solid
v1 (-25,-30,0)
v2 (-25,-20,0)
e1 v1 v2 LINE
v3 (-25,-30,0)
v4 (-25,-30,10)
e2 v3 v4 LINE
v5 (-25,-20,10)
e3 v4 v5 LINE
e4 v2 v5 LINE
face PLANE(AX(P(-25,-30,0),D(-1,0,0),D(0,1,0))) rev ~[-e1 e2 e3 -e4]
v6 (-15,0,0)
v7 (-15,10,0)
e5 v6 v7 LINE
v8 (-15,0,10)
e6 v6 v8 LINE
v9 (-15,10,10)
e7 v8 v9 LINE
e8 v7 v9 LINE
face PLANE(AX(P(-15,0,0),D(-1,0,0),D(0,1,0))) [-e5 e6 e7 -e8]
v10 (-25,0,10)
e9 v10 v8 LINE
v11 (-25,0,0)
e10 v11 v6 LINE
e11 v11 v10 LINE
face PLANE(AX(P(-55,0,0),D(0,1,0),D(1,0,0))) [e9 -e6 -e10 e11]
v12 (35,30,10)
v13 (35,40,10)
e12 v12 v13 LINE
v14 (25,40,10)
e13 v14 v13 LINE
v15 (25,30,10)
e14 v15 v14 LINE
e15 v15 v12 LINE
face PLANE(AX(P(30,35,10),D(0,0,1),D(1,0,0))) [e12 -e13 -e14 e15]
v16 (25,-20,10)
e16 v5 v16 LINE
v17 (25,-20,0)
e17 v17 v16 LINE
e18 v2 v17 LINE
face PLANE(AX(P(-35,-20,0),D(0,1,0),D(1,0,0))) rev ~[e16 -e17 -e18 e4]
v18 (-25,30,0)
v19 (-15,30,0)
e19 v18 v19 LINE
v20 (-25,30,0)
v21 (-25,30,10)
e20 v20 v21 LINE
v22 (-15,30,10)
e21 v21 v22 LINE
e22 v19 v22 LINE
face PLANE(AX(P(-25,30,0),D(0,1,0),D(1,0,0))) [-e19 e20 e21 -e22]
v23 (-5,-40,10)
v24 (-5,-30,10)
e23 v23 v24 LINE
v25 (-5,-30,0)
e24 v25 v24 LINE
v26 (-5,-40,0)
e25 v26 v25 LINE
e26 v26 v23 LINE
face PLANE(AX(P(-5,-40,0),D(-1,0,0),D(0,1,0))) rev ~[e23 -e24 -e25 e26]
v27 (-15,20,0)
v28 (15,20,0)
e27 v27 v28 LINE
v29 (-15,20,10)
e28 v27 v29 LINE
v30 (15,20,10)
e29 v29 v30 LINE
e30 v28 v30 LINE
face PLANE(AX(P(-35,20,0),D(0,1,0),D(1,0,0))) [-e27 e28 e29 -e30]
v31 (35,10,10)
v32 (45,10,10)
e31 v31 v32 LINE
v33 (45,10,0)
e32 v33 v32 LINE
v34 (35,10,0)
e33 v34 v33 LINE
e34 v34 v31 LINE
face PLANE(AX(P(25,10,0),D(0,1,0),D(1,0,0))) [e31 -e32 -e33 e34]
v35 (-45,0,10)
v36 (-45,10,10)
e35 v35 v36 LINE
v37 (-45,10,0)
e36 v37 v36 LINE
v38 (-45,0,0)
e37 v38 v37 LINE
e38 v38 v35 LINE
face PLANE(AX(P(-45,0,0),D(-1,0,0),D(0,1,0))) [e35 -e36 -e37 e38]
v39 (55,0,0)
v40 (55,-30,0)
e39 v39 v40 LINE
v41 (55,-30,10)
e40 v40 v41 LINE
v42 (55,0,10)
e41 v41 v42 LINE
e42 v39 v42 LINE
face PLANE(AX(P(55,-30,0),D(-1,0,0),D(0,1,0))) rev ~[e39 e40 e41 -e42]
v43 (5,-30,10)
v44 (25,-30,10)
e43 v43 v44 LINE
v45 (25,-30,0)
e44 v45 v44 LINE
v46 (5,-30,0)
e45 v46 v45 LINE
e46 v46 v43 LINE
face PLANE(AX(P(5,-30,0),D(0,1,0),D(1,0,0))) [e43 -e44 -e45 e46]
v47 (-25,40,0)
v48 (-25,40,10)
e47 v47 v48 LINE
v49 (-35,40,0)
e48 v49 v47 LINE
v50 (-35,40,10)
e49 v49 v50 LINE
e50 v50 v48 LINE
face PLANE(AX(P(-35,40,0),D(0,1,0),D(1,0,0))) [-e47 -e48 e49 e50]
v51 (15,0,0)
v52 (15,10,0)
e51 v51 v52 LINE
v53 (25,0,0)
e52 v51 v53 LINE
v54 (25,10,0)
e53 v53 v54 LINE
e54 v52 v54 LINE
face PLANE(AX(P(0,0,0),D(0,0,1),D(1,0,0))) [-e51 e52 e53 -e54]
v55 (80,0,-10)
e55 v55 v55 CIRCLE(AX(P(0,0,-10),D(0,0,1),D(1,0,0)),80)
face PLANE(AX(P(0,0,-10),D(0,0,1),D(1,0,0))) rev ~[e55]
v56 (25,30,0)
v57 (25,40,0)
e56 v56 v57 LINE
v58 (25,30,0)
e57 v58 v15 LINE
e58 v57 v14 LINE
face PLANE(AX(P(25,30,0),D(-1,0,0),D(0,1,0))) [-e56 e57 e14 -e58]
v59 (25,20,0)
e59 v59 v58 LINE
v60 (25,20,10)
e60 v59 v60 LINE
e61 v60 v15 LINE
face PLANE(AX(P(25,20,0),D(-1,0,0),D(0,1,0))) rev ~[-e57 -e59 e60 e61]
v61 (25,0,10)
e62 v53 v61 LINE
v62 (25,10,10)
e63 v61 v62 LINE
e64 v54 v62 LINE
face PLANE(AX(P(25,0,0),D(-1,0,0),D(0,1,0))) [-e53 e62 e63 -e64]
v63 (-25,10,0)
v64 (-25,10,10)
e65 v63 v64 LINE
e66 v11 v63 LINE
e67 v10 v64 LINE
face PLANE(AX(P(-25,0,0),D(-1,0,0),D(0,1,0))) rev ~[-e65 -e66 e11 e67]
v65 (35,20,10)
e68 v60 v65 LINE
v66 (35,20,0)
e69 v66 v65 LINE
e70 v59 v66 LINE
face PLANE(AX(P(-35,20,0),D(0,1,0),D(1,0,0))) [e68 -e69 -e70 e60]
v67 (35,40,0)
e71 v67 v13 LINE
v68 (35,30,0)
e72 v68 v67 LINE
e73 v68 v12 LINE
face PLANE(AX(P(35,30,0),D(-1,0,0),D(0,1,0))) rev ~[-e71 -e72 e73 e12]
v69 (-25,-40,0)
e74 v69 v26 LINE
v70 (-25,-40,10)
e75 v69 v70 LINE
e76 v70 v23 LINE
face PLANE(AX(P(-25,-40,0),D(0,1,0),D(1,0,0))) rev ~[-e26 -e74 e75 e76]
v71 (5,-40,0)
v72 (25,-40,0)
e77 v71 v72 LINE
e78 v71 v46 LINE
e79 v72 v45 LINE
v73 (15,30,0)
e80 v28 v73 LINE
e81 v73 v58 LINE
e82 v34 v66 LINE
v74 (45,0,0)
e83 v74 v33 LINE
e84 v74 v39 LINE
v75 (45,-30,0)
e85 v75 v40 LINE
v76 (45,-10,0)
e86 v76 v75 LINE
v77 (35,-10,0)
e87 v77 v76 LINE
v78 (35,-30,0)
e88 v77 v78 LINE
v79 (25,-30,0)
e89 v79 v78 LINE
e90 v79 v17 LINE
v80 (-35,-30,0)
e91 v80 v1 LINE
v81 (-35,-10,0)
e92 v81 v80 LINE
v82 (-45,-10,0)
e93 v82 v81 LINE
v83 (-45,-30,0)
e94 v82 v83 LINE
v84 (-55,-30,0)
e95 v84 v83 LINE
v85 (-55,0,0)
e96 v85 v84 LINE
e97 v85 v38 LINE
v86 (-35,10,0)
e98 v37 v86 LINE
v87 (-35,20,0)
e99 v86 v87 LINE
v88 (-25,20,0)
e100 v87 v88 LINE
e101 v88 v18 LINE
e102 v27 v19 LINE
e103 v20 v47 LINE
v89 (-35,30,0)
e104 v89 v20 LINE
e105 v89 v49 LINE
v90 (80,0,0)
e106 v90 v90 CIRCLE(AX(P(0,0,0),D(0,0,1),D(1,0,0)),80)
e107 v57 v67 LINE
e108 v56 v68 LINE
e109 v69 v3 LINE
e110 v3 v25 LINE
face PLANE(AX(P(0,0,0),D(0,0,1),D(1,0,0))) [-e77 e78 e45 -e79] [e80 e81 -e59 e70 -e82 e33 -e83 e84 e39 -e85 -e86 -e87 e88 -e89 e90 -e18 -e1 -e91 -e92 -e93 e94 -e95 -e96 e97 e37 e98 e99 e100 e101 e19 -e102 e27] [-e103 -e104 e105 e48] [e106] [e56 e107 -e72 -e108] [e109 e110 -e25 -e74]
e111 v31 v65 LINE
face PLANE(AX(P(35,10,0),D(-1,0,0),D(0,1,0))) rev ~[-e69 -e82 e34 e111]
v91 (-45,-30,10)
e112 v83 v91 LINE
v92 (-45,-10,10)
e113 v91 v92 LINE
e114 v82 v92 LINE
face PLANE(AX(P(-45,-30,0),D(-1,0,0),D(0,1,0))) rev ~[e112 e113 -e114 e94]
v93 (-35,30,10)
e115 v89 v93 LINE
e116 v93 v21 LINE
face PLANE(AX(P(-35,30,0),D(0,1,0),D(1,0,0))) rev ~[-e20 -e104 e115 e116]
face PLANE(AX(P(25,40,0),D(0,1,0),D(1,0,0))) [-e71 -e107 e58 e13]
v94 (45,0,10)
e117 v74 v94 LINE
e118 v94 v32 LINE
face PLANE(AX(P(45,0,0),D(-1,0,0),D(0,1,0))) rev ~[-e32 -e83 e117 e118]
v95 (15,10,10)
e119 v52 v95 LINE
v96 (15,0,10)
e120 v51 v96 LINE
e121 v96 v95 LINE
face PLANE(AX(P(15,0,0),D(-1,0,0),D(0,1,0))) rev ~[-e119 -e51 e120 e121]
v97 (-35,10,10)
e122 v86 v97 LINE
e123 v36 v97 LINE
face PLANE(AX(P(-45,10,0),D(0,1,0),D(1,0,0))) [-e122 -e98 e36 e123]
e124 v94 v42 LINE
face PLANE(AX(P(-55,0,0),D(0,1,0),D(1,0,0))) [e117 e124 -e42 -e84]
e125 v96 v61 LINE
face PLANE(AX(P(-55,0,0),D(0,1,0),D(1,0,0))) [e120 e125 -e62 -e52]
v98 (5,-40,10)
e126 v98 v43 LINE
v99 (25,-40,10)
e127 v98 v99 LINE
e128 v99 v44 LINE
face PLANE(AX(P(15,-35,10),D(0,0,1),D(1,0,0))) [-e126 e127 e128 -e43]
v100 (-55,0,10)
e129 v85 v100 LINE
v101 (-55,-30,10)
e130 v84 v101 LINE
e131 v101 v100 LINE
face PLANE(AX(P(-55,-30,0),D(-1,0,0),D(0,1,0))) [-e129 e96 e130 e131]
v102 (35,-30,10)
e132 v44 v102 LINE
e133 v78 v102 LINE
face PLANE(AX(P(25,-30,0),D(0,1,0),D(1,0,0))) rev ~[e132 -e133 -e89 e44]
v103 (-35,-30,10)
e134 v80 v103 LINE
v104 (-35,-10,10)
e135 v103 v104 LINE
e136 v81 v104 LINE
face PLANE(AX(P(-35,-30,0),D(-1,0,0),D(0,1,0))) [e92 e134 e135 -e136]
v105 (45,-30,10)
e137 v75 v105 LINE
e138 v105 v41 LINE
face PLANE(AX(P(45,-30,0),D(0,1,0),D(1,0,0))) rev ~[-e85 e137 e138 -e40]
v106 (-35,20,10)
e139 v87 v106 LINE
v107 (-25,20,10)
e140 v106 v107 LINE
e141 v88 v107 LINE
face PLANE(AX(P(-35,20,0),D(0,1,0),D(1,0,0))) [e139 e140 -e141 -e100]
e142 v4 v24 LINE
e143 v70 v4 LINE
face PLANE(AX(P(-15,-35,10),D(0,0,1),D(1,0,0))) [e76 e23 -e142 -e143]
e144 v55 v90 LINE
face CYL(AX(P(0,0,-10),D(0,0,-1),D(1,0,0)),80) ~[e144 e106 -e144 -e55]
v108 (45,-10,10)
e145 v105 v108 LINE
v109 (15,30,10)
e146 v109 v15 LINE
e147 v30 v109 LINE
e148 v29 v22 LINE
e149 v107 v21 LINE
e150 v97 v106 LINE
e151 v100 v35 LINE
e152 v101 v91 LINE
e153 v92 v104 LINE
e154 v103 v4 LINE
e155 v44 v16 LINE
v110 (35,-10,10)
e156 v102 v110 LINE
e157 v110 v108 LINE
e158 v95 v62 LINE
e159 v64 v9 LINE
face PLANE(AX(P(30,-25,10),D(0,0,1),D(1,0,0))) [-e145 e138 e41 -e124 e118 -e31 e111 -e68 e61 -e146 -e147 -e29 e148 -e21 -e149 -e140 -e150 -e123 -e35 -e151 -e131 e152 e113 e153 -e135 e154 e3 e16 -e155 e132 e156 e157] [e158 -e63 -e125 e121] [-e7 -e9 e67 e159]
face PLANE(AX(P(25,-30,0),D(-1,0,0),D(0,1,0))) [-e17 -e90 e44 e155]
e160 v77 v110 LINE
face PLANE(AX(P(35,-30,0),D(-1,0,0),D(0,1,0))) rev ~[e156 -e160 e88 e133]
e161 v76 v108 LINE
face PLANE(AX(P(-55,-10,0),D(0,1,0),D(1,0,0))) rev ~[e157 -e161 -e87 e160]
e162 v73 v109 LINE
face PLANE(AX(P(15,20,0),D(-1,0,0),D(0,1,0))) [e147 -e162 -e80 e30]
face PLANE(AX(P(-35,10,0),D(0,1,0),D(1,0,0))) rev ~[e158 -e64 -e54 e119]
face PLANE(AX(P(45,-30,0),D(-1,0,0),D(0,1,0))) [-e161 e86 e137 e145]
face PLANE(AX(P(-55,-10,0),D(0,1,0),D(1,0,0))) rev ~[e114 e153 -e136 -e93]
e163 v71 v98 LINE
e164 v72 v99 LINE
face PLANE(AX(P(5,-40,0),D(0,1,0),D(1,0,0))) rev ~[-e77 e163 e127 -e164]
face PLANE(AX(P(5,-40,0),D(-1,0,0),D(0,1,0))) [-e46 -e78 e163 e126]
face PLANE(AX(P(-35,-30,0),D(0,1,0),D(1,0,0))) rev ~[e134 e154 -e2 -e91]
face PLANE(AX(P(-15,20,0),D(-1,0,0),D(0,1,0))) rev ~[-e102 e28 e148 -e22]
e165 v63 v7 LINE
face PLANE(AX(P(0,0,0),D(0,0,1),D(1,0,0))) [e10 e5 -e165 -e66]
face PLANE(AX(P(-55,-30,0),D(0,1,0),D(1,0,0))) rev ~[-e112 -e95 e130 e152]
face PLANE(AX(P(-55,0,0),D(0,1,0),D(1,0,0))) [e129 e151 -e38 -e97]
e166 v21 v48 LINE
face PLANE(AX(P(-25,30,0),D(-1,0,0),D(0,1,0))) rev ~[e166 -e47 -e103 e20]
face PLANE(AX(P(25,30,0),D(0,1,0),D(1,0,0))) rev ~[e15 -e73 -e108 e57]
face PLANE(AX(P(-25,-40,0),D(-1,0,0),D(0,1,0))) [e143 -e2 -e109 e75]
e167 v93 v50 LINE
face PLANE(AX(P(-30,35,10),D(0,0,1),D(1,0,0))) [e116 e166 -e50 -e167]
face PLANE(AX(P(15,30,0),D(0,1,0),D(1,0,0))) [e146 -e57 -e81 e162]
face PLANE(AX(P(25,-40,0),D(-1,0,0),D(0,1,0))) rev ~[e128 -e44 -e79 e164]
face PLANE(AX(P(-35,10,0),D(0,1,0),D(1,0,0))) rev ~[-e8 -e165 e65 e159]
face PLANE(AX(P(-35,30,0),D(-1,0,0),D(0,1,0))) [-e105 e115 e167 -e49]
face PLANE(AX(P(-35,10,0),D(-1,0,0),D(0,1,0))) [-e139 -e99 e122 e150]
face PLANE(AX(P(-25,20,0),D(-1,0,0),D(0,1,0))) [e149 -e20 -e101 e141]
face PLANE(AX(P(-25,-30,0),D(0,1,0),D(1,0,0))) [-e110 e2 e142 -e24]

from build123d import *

# Parameters (mm, degrees)
CYLINDER_R     = 80
CYLINDER_DEPTH = 10
BOX005_W       = 10
BOX005_H       = 10
BOX005_DEPTH   = 10
BOX003_W       = 20
BOX003_H       = 10
BOX003_DEPTH   = 10
BOX010_W       = 70
BOX010_H       = 10
BOX010_DEPTH   = 10
BOX017_W       = 20
BOX017_H       = 10
BOX017_DEPTH   = 10
BOX001_W       = 10
BOX001_H       = 10
BOX001_DEPTH   = 10
BOX008_W       = 110
BOX008_H       = 10
BOX008_DEPTH   = 10
BOX009_W       = 10
BOX009_H       = 10
BOX009_DEPTH   = 10
BOX011_W       = 10
BOX011_H       = 10
BOX011_DEPTH   = 10
BOX016_W       = 20
BOX016_H       = 10
BOX016_DEPTH   = 10
BOX006_W       = 30
BOX006_H       = 10
BOX006_DEPTH   = 10
BOX013_W       = 10
BOX013_H       = 10
BOX013_DEPTH   = 10
BOX015_W       = 10
BOX015_H       = 10
BOX015_DEPTH   = 10
BOX007_W       = 20
BOX007_H       = 10
BOX007_DEPTH   = 10
BOX012_W       = 10
BOX012_H       = 10
BOX012_DEPTH   = 10
BOX002_W       = 70
BOX002_H       = 10
BOX002_DEPTH   = 10
BOX014_W       = 10
BOX014_H       = 10
BOX014_DEPTH   = 10
BOX004_W       = 10
BOX004_H       = 10
BOX004_DEPTH   = 10
BOX_W          = 10
BOX_H          = 10
BOX_DEPTH      = 10


with BuildPart() as cilindro:
    # Cylinder → Cylinder (new body)
    with BuildSketch(Plane.XY.offset(-10)):
        Circle(CYLINDER_R)
    extrude(amount=CYLINDER_DEPTH)


with BuildPart() as cubo005:
    # Box005 → Box005 (new body)
    with BuildSketch(Plane(origin=(50, -10, 0), x_dir=(1, 0, 0), z_dir=(0, 0, 1))):
        with Locations((5, 5)):
            Rectangle(BOX005_W, BOX005_H)
    extrude(amount=BOX005_DEPTH)


with BuildPart() as cubo003:
    # Box003 → Box003 (new body)
    with BuildSketch(Plane(origin=(-10, -30, 0), x_dir=(1, 0, 0), z_dir=(0, 0, 1))):
        with Locations((10, 5)):
            Rectangle(BOX003_W, BOX003_H)
    extrude(amount=BOX003_DEPTH)


with BuildPart() as cubo010:
    # Box010 → Box010 (new body)
    with BuildSketch(Plane(origin=(0, -50, 0), x_dir=(1, 0, 0), z_dir=(0, 0, 1))):
        with Locations((35, 5)):
            Rectangle(BOX010_W, BOX010_H)
    extrude(amount=BOX010_DEPTH)


with BuildPart() as cubo017:
    # Box017 → Box017 (new body)
    with BuildSketch(Plane(origin=(40, -70, 0), x_dir=(1, 0, 0), z_dir=(0, 0, 1))):
        with Locations((10, 5)):
            Rectangle(BOX017_W, BOX017_H)
    extrude(amount=BOX017_DEPTH)


with BuildPart() as cubo001:
    # Box001 → Box001 (new body)
    with BuildSketch(Plane(origin=(10, -10, 0), x_dir=(1, 0, 0), z_dir=(0, 0, 1))):
        with Locations((5, 5)):
            Rectangle(BOX001_W, BOX001_H)
    extrude(amount=BOX001_DEPTH)


with BuildPart() as cubo008:
    # Box008 → Box008 (new body)
    with BuildSketch(Plane(origin=(-20, -40, 0), x_dir=(1, 0, 0), z_dir=(0, 0, 1))):
        with Locations((55, 5)):
            Rectangle(BOX008_W, BOX008_H)
    extrude(amount=BOX008_DEPTH)


with BuildPart() as cubo009:
    # Box009 → Box009 (new body)
    with BuildSketch(Plane(origin=(-20, -50, 0), x_dir=(1, 0, 0), z_dir=(0, 0, 1))):
        with Locations((5, 5)):
            Rectangle(BOX009_W, BOX009_H)
    extrude(amount=BOX009_DEPTH)


with BuildPart() as cubo011:
    # Box011 → Box011 (new body)
    with BuildSketch(Plane(origin=(80, -50, 0), x_dir=(1, 0, 0), z_dir=(0, 0, 1))):
        with Locations((5, 5)):
            Rectangle(BOX011_W, BOX011_H)
    extrude(amount=BOX011_DEPTH)


with BuildPart() as cubo016:
    # Box016 → Box016 (new body)
    with BuildSketch(Plane(origin=(10, -70, 0), x_dir=(1, 0, 0), z_dir=(0, 0, 1))):
        with Locations((10, 5)):
            Rectangle(BOX016_W, BOX016_H)
    extrude(amount=BOX016_DEPTH)


with BuildPart() as cubo006:
    # Box006 → Box006 (new body)
    with BuildSketch(Plane(origin=(20, -30, 0), x_dir=(1, 0, 0), z_dir=(0, 0, 1))):
        with Locations((15, 5)):
            Rectangle(BOX006_W, BOX006_H)
    extrude(amount=BOX006_DEPTH)


with BuildPart() as cubo013:
    # Box013 → Box013 (new body)
    with BuildSketch(Plane(origin=(0, -60, 0), x_dir=(1, 0, 0), z_dir=(0, 0, 1))):
        with Locations((5, 5)):
            Rectangle(BOX013_W, BOX013_H)
    extrude(amount=BOX013_DEPTH)


with BuildPart() as cubo015:
    # Box015 → Box015 (new body)
    with BuildSketch(Plane(origin=(80, -60, 0), x_dir=(1, 0, 0), z_dir=(0, 0, 1))):
        with Locations((5, 5)):
            Rectangle(BOX015_W, BOX015_H)
    extrude(amount=BOX015_DEPTH)


with BuildPart() as cubo007:
    # Box007 → Box007 (new body)
    with BuildSketch(Plane(origin=(60, -30, 0), x_dir=(1, 0, 0), z_dir=(0, 0, 1))):
        with Locations((10, 5)):
            Rectangle(BOX007_W, BOX007_H)
    extrude(amount=BOX007_DEPTH)


with BuildPart() as cubo012:
    # Box012 → Box012 (new body)
    with BuildSketch(Plane(origin=(-20, -60, 0), x_dir=(1, 0, 0), z_dir=(0, 0, 1))):
        with Locations((5, 5)):
            Rectangle(BOX012_W, BOX012_H)
    extrude(amount=BOX012_DEPTH)


with BuildPart() as cubo002:
    # Box002 → Box002 (new body)
    with BuildSketch(Plane(origin=(0, -20, 0), x_dir=(1, 0, 0), z_dir=(0, 0, 1))):
        with Locations((35, 5)):
            Rectangle(BOX002_W, BOX002_H)
    extrude(amount=BOX002_DEPTH)


with BuildPart() as cubo014:
    # Box014 → Box014 (new body)
    with BuildSketch(Plane(origin=(60, -60, 0), x_dir=(1, 0, 0), z_dir=(0, 0, 1))):
        with Locations((5, 5)):
            Rectangle(BOX014_W, BOX014_H)
    extrude(amount=BOX014_DEPTH)


with BuildPart() as cubo004:
    # Box004 → Box004 (new body)
    with BuildSketch(Plane(origin=(60, 0, 0), x_dir=(1, 0, 0), z_dir=(0, 0, 1))):
        with Locations((5, 5)):
            Rectangle(BOX004_W, BOX004_H)
    extrude(amount=BOX004_DEPTH)


with BuildPart() as fusion001:
    # Box → Box (new body)
    with BuildSketch(Plane.XY):
        with Locations((5, 5)):
            Rectangle(BOX_W, BOX_H)
    extrude(amount=BOX_DEPTH)

    # Fusion: union Cubo005, Cubo003, Cubo010, Cubo017, Cubo001, Cubo008, Cubo009, Cubo011, Cubo016, Cubo006, Cubo013, Cubo015, Cubo007, Cubo012, Cubo002, Cubo014, Cubo004
    add(cubo005.part)
    add(cubo003.part)
    add(cubo010.part)
    add(cubo017.part)
    add(cubo001.part)
    add(cubo008.part)
    add(cubo009.part)
    add(cubo011.part)
    add(cubo016.part)
    add(cubo006.part)
    add(cubo013.part)
    add(cubo015.part)
    add(cubo007.part)
    add(cubo012.part)
    add(cubo002.part)
    add(cubo014.part)
    add(cubo004.part)


with BuildPart() as fusion001_1:
    # Fusion placement: moved
    add(fusion001.part.moved(Location((-35, 30, 0))))

    # Fusion001: union Cilindro
    add(cilindro.part)


solid = fusion001_1.part
